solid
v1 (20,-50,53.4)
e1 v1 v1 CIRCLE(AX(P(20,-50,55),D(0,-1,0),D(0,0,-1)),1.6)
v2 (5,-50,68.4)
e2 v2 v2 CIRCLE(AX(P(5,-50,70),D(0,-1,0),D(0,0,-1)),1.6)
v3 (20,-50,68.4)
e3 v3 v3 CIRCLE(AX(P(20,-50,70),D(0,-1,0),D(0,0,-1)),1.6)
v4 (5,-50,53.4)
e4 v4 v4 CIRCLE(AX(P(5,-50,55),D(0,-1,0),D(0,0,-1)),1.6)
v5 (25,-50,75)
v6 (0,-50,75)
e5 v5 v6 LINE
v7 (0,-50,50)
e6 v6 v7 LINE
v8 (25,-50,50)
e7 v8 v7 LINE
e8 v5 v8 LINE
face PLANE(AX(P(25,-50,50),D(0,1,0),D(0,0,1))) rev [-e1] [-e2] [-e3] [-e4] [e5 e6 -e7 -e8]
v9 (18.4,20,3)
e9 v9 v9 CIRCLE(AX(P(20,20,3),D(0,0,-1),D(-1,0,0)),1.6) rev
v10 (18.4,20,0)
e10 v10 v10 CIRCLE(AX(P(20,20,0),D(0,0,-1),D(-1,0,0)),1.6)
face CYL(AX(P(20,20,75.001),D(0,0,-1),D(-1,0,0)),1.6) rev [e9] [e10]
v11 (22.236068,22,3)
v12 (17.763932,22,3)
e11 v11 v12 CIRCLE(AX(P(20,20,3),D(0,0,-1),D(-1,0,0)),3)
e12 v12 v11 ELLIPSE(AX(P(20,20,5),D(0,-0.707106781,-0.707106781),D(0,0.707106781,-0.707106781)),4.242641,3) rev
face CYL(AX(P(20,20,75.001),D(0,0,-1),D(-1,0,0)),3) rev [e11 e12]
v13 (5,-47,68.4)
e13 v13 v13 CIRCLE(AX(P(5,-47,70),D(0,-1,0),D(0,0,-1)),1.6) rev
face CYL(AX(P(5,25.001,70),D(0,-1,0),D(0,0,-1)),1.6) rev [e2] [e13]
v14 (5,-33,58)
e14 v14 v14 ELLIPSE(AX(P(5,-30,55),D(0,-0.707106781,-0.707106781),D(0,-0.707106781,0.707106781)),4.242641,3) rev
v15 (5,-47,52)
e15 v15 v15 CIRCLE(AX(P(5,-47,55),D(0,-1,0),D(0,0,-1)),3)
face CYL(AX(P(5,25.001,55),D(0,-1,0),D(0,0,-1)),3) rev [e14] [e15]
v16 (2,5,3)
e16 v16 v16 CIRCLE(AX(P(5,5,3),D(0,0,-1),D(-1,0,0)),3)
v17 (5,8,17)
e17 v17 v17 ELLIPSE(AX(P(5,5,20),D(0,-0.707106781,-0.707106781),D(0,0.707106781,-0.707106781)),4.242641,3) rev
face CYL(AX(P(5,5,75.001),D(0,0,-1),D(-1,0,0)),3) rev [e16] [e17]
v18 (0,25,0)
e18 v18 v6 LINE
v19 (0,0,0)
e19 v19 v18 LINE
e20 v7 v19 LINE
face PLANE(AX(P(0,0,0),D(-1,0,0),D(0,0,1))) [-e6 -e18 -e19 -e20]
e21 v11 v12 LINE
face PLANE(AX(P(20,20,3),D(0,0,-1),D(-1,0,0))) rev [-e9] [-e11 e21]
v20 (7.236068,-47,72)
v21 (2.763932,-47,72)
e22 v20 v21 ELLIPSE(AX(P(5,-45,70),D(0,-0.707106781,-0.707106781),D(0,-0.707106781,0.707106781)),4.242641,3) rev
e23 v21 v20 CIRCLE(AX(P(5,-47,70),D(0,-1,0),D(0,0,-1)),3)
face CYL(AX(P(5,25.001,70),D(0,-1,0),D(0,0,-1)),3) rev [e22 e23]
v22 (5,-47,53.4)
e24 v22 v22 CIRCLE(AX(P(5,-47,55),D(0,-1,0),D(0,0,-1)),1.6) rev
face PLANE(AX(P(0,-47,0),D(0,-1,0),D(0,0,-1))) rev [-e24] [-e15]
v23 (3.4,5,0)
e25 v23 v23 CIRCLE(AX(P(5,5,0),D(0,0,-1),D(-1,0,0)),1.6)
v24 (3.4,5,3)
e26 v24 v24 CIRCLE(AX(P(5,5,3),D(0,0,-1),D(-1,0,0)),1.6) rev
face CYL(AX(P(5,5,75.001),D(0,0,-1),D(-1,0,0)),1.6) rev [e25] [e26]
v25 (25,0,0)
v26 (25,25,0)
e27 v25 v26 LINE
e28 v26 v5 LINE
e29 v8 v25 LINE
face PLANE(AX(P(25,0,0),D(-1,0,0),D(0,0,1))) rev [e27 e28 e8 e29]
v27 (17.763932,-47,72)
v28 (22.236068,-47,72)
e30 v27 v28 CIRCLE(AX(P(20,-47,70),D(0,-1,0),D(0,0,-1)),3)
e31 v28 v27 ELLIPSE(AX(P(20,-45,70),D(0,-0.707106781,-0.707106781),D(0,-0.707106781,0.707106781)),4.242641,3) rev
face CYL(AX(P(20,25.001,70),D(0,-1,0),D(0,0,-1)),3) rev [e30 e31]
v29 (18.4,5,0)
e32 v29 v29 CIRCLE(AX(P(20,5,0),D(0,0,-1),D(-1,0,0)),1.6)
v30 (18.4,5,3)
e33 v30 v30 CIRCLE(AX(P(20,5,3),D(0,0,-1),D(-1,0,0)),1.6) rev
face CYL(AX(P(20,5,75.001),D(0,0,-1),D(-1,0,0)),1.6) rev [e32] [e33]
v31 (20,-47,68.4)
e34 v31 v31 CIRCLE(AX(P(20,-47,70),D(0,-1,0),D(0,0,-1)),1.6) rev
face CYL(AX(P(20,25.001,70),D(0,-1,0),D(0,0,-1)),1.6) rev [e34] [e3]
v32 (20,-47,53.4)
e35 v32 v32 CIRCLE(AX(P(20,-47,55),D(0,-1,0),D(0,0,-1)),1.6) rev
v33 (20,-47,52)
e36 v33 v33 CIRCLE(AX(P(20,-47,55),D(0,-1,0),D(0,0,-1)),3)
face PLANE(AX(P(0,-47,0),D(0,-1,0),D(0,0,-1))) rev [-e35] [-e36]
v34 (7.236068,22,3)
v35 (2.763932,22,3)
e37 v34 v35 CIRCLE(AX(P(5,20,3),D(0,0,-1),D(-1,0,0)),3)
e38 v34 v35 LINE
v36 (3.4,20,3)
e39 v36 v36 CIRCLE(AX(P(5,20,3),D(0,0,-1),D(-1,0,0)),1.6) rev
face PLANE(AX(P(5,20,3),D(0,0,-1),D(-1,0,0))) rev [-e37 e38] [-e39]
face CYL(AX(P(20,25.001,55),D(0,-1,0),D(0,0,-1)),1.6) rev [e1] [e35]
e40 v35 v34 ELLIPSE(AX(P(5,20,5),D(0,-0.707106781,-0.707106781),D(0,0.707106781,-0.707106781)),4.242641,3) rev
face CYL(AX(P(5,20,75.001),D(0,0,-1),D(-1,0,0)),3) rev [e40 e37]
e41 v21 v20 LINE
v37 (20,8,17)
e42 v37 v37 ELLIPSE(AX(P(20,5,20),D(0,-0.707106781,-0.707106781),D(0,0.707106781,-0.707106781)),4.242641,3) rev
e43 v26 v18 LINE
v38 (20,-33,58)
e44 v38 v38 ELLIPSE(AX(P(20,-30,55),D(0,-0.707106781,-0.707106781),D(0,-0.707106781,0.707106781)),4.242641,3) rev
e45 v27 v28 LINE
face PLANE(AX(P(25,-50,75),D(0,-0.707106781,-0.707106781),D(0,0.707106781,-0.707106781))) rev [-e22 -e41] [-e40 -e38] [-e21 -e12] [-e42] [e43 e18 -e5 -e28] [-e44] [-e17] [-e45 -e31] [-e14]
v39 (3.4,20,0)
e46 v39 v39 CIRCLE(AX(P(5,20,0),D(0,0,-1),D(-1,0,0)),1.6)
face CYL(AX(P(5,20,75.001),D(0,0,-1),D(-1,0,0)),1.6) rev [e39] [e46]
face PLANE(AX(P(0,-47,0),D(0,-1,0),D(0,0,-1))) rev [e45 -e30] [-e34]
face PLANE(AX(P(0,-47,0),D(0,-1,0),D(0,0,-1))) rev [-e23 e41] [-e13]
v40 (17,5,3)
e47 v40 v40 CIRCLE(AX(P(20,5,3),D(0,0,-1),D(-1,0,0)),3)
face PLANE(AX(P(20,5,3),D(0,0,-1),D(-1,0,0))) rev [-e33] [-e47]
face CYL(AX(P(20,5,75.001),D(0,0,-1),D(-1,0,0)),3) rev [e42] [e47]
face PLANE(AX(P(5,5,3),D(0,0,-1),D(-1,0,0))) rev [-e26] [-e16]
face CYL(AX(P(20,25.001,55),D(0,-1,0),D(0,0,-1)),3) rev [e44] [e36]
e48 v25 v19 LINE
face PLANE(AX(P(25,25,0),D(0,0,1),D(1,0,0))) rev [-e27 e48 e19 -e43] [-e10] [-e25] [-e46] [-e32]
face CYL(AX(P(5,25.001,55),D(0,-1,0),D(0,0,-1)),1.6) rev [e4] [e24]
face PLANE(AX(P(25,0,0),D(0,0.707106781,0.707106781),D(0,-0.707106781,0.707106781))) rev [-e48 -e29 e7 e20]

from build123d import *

# Parameters (mm, degrees)
BOSS_EXTRUDE1_DEPTH = 25
CUT_EXTRUDE2_REACH  = 113.972
CUT_EXTRUDE2_START  = -3
SKETCH2_R           = 3
SKETCH2_R_2         = 1.6
CUT_EXTRUDE3_REACH  = 110.972
SKETCH2_3_R         = 1.6
CUT_EXTRUDE7_REACH  = 98.541
CUT_EXTRUDE7_START  = -3
SKETCH3_R           = 3
SKETCH3_R_2         = 1.6
CUT_EXTRUDE8_REACH  = 95.541
SKETCH3_3_R         = 1.6


with BuildPart() as part:
    # Sketch1 → Boss-Extrude1 (new body)
    with BuildSketch(Plane(origin=(0, 0, 0), x_dir=(0, 0, -1), z_dir=(1, 0, 0))):
        Polygon((0, 0), (-50, -50), (-75, -50), (0, 25), align=None)
    extrude(amount=BOSS_EXTRUDE1_DEPTH)

    # Sketch2 → Cut-Extrude2 (cut, up to next)
    with BuildSketch(Plane.XZ.offset(50).offset(CUT_EXTRUDE2_START), mode=Mode.PRIVATE) as cut_extrude2_sk1:
        with Locations((20, 70)):
            Circle(SKETCH2_R)
        with Locations((20, 70)):
            Circle(SKETCH2_R_2, mode=Mode.SUBTRACT)
    cut_extrude2_tool1 = extrude(cut_extrude2_sk1.sketch, amount=-CUT_EXTRUDE2_REACH, mode=Mode.PRIVATE) & part.part
    # Sketch2 → Cut-Extrude2 (cut, up to next)
    with BuildSketch(Plane.XZ.offset(50).offset(CUT_EXTRUDE2_START), mode=Mode.PRIVATE) as cut_extrude2_sk2:
        with Locations((5, 70)):
            Circle(SKETCH2_R)
        with Locations((5, 70)):
            Circle(SKETCH2_R_2, mode=Mode.SUBTRACT)
    cut_extrude2_tool2 = extrude(cut_extrude2_sk2.sketch, amount=-CUT_EXTRUDE2_REACH, mode=Mode.PRIVATE) & part.part
    # Sketch2 → Cut-Extrude2 (cut, up to next)
    with BuildSketch(Plane.XZ.offset(50).offset(CUT_EXTRUDE2_START), mode=Mode.PRIVATE) as cut_extrude2_sk3:
        with Locations((5, 55)):
            Circle(SKETCH2_R)
        with Locations((5, 55)):
            Circle(SKETCH2_R_2, mode=Mode.SUBTRACT)
    cut_extrude2_tool3 = extrude(cut_extrude2_sk3.sketch, amount=-CUT_EXTRUDE2_REACH, mode=Mode.PRIVATE) & part.part
    # Sketch2 → Cut-Extrude2 (cut, up to next)
    with BuildSketch(Plane.XZ.offset(50).offset(CUT_EXTRUDE2_START), mode=Mode.PRIVATE) as cut_extrude2_sk4:
        with Locations((20, 55)):
            Circle(SKETCH2_R)
        with Locations((20, 55)):
            Circle(SKETCH2_R_2, mode=Mode.SUBTRACT)
    cut_extrude2_tool4 = extrude(cut_extrude2_sk4.sketch, amount=-CUT_EXTRUDE2_REACH, mode=Mode.PRIVATE) & part.part
    add(cut_extrude2_tool1.solids().sort_by_distance((17.084853, -47, 70))[0], mode=Mode.SUBTRACT)
    add(cut_extrude2_tool2.solids().sort_by_distance((2.084853, -47, 70))[0], mode=Mode.SUBTRACT)
    add(cut_extrude2_tool3.solids().sort_by_distance((2.084853, -47, 55))[0], mode=Mode.SUBTRACT)
    add(cut_extrude2_tool4.solids().sort_by_distance((17.084853, -47, 55))[0], mode=Mode.SUBTRACT)

    # Sketch2<3> → Cut-Extrude3 (cut, up to next)
    with BuildSketch(Plane.XZ.offset(50), mode=Mode.PRIVATE) as cut_extrude3_sk1:
        with Locations((20, 70)):
            Circle(SKETCH2_3_R)
    cut_extrude3_tool1 = extrude(cut_extrude3_sk1.sketch, amount=-CUT_EXTRUDE3_REACH, mode=Mode.PRIVATE) & part.part
    # Sketch2<3> → Cut-Extrude3 (cut, up to next)
    with BuildSketch(Plane.XZ.offset(50), mode=Mode.PRIVATE) as cut_extrude3_sk2:
        with Locations((5, 70)):
            Circle(SKETCH2_3_R)
    cut_extrude3_tool2 = extrude(cut_extrude3_sk2.sketch, amount=-CUT_EXTRUDE3_REACH, mode=Mode.PRIVATE) & part.part
    # Sketch2<3> → Cut-Extrude3 (cut, up to next)
    with BuildSketch(Plane.XZ.offset(50), mode=Mode.PRIVATE) as cut_extrude3_sk3:
        with Locations((5, 55)):
            Circle(SKETCH2_3_R)
    cut_extrude3_tool3 = extrude(cut_extrude3_sk3.sketch, amount=-CUT_EXTRUDE3_REACH, mode=Mode.PRIVATE) & part.part
    # Sketch2<3> → Cut-Extrude3 (cut, up to next)
    with BuildSketch(Plane.XZ.offset(50), mode=Mode.PRIVATE) as cut_extrude3_sk4:
        with Locations((20, 55)):
            Circle(SKETCH2_3_R)
    cut_extrude3_tool4 = extrude(cut_extrude3_sk4.sketch, amount=-CUT_EXTRUDE3_REACH, mode=Mode.PRIVATE) & part.part
    add(cut_extrude3_tool1.solids().sort_by_distance((20, -50, 70))[0], mode=Mode.SUBTRACT)
    add(cut_extrude3_tool2.solids().sort_by_distance((5, -50, 70))[0], mode=Mode.SUBTRACT)
    add(cut_extrude3_tool3.solids().sort_by_distance((5, -50, 55))[0], mode=Mode.SUBTRACT)
    add(cut_extrude3_tool4.solids().sort_by_distance((20, -50, 55))[0], mode=Mode.SUBTRACT)

    # Sketch3 → Cut-Extrude7 (cut, up to next)
    with BuildSketch(Plane(origin=(0, 0, 0), x_dir=(-1, 0, 0), z_dir=(0, 0, -1)).offset(CUT_EXTRUDE7_START), mode=Mode.PRIVATE) as cut_extrude7_sk1:
        with Locations((-20, 20)):
            Circle(SKETCH3_R)
        with Locations((-20, 20)):
            Circle(SKETCH3_R_2, mode=Mode.SUBTRACT)
    cut_extrude7_tool1 = extrude(cut_extrude7_sk1.sketch, amount=-CUT_EXTRUDE7_REACH, mode=Mode.PRIVATE) & part.part
    # Sketch3 → Cut-Extrude7 (cut, up to next)
    with BuildSketch(Plane(origin=(0, 0, 0), x_dir=(-1, 0, 0), z_dir=(0, 0, -1)).offset(CUT_EXTRUDE7_START), mode=Mode.PRIVATE) as cut_extrude7_sk2:
        with Locations((-20, 5)):
            Circle(SKETCH3_R)
        with Locations((-20, 5)):
            Circle(SKETCH3_R_2, mode=Mode.SUBTRACT)
    cut_extrude7_tool2 = extrude(cut_extrude7_sk2.sketch, amount=-CUT_EXTRUDE7_REACH, mode=Mode.PRIVATE) & part.part
    # Sketch3 → Cut-Extrude7 (cut, up to next)
    with BuildSketch(Plane(origin=(0, 0, 0), x_dir=(-1, 0, 0), z_dir=(0, 0, -1)).offset(CUT_EXTRUDE7_START), mode=Mode.PRIVATE) as cut_extrude7_sk3:
        with Locations((-5, 5)):
            Circle(SKETCH3_R)
        with Locations((-5, 5)):
            Circle(SKETCH3_R_2, mode=Mode.SUBTRACT)
    cut_extrude7_tool3 = extrude(cut_extrude7_sk3.sketch, amount=-CUT_EXTRUDE7_REACH, mode=Mode.PRIVATE) & part.part
    # Sketch3 → Cut-Extrude7 (cut, up to next)
    with BuildSketch(Plane(origin=(0, 0, 0), x_dir=(-1, 0, 0), z_dir=(0, 0, -1)).offset(CUT_EXTRUDE7_START), mode=Mode.PRIVATE) as cut_extrude7_sk4:
        with Locations((-5, 20)):
            Circle(SKETCH3_R)
        with Locations((-5, 20)):
            Circle(SKETCH3_R_2, mode=Mode.SUBTRACT)
    cut_extrude7_tool4 = extrude(cut_extrude7_sk4.sketch, amount=-CUT_EXTRUDE7_REACH, mode=Mode.PRIVATE) & part.part
    add(cut_extrude7_tool1.solids().sort_by_distance((22.915147, 20, 3))[0], mode=Mode.SUBTRACT)
    add(cut_extrude7_tool2.solids().sort_by_distance((22.915147, 5, 3))[0], mode=Mode.SUBTRACT)
    add(cut_extrude7_tool3.solids().sort_by_distance((7.915147, 5, 3))[0], mode=Mode.SUBTRACT)
    add(cut_extrude7_tool4.solids().sort_by_distance((7.915147, 20, 3))[0], mode=Mode.SUBTRACT)

    # Sketch3<3> → Cut-Extrude8 (cut, up to next)
    with BuildSketch(Plane(origin=(0, 0, 0), x_dir=(-1, 0, 0), z_dir=(0, 0, -1)), mode=Mode.PRIVATE) as cut_extrude8_sk1:
        with Locations((-20, 20)):
            Circle(SKETCH3_3_R)
    cut_extrude8_tool1 = extrude(cut_extrude8_sk1.sketch, amount=-CUT_EXTRUDE8_REACH, mode=Mode.PRIVATE) & part.part
    # Sketch3<3> → Cut-Extrude8 (cut, up to next)
    with BuildSketch(Plane(origin=(0, 0, 0), x_dir=(-1, 0, 0), z_dir=(0, 0, -1)), mode=Mode.PRIVATE) as cut_extrude8_sk2:
        with Locations((-20, 5)):
            Circle(SKETCH3_3_R)
    cut_extrude8_tool2 = extrude(cut_extrude8_sk2.sketch, amount=-CUT_EXTRUDE8_REACH, mode=Mode.PRIVATE) & part.part
    # Sketch3<3> → Cut-Extrude8 (cut, up to next)
    with BuildSketch(Plane(origin=(0, 0, 0), x_dir=(-1, 0, 0), z_dir=(0, 0, -1)), mode=Mode.PRIVATE) as cut_extrude8_sk3:
        with Locations((-5, 5)):
            Circle(SKETCH3_3_R)
    cut_extrude8_tool3 = extrude(cut_extrude8_sk3.sketch, amount=-CUT_EXTRUDE8_REACH, mode=Mode.PRIVATE) & part.part
    # Sketch3<3> → Cut-Extrude8 (cut, up to next)
    with BuildSketch(Plane(origin=(0, 0, 0), x_dir=(-1, 0, 0), z_dir=(0, 0, -1)), mode=Mode.PRIVATE) as cut_extrude8_sk4:
        with Locations((-5, 20)):
            Circle(SKETCH3_3_R)
    cut_extrude8_tool4 = extrude(cut_extrude8_sk4.sketch, amount=-CUT_EXTRUDE8_REACH, mode=Mode.PRIVATE) & part.part
    add(cut_extrude8_tool1.solids().sort_by_distance((20, 20, 0))[0], mode=Mode.SUBTRACT)
    add(cut_extrude8_tool2.solids().sort_by_distance((20, 5, 0))[0], mode=Mode.SUBTRACT)
    add(cut_extrude8_tool3.solids().sort_by_distance((5, 5, 0))[0], mode=Mode.SUBTRACT)
    add(cut_extrude8_tool4.solids().sort_by_distance((5, 20, 0))[0], mode=Mode.SUBTRACT)


solid = part.part
